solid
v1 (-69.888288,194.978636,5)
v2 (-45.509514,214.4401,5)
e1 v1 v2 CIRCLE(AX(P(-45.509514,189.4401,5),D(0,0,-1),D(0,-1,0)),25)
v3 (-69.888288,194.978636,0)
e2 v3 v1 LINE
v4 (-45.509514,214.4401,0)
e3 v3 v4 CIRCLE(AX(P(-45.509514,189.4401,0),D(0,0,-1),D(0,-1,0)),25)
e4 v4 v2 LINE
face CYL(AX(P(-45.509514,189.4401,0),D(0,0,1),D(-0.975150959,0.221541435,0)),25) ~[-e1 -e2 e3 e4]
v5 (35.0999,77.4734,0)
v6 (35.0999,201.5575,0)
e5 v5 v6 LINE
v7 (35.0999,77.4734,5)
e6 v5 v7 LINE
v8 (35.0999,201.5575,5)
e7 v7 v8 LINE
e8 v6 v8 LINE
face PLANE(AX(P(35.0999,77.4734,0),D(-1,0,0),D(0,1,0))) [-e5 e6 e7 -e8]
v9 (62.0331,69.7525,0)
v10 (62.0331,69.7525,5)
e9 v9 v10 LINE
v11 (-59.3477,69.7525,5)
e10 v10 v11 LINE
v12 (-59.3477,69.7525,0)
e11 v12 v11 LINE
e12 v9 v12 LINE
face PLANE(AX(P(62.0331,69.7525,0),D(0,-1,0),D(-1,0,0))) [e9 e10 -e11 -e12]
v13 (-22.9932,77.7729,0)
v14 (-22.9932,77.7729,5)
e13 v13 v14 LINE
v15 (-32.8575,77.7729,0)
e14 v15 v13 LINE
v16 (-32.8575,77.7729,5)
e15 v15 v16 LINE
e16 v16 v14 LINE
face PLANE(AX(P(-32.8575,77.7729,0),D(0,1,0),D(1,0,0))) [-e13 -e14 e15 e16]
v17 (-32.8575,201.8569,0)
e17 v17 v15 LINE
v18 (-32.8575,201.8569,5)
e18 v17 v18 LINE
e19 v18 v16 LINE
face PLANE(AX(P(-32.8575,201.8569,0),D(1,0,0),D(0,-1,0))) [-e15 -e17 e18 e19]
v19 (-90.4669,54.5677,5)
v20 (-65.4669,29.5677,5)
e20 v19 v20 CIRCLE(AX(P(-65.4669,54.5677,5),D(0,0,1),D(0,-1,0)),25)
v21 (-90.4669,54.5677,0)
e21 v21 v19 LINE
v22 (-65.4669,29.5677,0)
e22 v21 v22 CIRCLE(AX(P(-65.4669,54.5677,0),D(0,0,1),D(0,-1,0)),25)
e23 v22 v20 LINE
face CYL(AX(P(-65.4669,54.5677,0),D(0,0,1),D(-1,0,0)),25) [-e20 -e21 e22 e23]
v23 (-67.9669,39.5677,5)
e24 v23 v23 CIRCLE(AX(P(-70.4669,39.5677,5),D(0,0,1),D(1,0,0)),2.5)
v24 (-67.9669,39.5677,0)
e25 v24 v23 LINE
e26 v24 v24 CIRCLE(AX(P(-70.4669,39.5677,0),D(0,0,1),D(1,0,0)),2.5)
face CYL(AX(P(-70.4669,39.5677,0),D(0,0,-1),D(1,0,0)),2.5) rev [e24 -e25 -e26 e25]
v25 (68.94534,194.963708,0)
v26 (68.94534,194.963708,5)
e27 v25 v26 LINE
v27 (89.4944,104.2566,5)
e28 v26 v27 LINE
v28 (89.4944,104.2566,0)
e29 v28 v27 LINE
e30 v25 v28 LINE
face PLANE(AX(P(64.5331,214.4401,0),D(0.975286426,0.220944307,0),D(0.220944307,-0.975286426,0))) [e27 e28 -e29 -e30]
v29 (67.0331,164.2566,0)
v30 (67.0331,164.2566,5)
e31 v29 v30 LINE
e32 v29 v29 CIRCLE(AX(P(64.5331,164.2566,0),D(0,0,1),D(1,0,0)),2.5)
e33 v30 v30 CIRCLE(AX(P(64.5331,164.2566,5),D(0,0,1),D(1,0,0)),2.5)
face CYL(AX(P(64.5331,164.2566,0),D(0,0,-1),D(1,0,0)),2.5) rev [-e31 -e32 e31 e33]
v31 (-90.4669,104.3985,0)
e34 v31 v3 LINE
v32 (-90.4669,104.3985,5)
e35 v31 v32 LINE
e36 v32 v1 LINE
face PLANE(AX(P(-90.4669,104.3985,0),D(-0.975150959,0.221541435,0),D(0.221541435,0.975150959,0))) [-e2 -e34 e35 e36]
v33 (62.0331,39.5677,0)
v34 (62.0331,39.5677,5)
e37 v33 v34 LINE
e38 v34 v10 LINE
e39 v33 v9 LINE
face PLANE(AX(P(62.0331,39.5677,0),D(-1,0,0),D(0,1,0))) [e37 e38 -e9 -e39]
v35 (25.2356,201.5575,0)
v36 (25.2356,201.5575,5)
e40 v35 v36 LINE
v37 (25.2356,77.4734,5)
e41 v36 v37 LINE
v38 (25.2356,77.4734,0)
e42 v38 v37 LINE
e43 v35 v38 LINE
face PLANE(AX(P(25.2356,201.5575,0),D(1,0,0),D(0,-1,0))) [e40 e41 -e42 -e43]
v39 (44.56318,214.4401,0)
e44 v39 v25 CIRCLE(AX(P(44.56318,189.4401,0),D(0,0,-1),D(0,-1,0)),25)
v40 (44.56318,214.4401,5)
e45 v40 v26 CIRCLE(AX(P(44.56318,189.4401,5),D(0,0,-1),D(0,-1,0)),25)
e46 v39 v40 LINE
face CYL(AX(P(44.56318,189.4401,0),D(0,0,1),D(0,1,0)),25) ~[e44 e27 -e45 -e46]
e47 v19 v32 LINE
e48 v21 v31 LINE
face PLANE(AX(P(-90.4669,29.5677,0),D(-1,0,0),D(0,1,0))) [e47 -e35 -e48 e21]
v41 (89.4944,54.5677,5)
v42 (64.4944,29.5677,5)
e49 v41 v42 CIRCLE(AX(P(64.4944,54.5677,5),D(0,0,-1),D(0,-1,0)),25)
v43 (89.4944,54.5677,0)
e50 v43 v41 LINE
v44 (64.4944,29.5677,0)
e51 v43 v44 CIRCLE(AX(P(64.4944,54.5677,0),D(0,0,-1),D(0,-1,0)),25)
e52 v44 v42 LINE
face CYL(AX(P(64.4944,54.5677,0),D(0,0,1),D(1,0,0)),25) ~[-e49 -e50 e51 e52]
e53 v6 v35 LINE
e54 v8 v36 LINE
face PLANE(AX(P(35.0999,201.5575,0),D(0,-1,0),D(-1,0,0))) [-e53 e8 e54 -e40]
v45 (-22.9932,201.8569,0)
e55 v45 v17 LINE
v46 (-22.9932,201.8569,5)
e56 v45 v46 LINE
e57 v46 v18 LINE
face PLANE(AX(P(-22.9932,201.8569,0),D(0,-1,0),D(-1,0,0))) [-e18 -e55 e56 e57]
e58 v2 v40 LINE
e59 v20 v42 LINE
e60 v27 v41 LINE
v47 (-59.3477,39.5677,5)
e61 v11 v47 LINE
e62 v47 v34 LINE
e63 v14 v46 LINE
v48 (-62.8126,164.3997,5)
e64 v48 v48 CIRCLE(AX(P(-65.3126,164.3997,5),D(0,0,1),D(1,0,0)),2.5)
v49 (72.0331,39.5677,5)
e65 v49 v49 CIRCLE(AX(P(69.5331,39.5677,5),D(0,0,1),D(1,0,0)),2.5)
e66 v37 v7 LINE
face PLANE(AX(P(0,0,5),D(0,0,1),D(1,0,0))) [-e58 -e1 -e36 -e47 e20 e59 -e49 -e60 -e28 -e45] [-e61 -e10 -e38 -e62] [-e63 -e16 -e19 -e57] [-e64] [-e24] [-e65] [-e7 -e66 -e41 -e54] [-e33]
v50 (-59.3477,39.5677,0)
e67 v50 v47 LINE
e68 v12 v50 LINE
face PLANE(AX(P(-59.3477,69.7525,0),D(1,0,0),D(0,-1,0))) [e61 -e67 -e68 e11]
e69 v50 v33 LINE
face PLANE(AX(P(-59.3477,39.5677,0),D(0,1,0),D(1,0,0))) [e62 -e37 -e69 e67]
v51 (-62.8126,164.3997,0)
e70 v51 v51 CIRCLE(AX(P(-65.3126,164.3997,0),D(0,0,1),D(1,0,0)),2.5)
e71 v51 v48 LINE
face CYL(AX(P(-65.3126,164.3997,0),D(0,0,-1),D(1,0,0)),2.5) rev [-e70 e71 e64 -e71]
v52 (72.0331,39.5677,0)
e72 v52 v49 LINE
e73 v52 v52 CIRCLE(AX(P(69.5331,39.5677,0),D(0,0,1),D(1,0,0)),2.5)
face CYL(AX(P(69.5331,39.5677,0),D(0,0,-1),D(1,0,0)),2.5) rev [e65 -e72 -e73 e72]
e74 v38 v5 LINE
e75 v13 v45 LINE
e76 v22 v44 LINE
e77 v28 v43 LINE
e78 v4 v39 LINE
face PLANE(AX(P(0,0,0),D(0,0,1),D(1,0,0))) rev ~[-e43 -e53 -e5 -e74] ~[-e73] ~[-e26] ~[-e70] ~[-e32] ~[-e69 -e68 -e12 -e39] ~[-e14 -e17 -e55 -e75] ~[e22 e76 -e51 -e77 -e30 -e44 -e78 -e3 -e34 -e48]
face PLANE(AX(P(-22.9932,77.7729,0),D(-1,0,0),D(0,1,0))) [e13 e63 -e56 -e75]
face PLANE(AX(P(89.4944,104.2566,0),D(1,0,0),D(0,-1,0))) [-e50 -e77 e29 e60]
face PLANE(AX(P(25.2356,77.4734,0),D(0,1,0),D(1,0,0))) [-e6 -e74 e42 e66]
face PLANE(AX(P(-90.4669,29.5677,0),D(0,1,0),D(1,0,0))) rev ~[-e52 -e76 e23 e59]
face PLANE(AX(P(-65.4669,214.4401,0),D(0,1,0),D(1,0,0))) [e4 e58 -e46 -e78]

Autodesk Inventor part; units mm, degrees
ref_plane "YZ Plane" through (0, 0, 0) normal (1, 0, 0) x (0, 1, 0)
ref_plane "XZ Plane" through (0, 0, 0) normal (0, 1, 0) x (-1, 0, 0)
ref_plane "XY Plane" through (0, 0, 0) normal (0, 0, 1) x (1, 0, 0)
sketch "Sketch1" plane through (0, 0, 0) normal (0, 0, 1) x (1, 0, 0)
  line L0 (-90.4669, 29.5677) -> (-90.4669, 104.3985)
  circle A0 centre (-65.3126, 164.3997) radius 2.5
  circle A1 centre (64.5331, 164.2566) radius 2.5
  circle A2 centre (69.5331, 39.5677) radius 2.5
  circle A3 centre (-70.4669, 39.5677) radius 2.5
  line L1 (-59.3477, 39.5677) -> (62.0331, 39.5677)
  line L2 (62.0331, 39.5677) -> (62.0331, 69.7525)
  line L3 (62.0331, 69.7525) -> (-59.3477, 69.7525)
  line L4 (-59.3477, 69.7525) -> (-59.3477, 39.5677)
  line L5 (25.2356, 77.4734) -> (35.0999, 77.4734)
  line L6 (35.0999, 77.4734) -> (35.0999, 201.5575)
  line L7 (35.0999, 201.5575) -> (25.2356, 201.5575)
  line L8 (25.2356, 201.5575) -> (25.2356, 77.4734)
  line L9 (-32.8575, 77.7729) -> (-22.9932, 77.7729)
  line L10 (-22.9932, 77.7729) -> (-22.9932, 201.8569)
  line L11 (-22.9932, 201.8569) -> (-32.8575, 201.8569)
  line L12 (-32.8575, 201.8569) -> (-32.8575, 77.7729)
  line L13 (-90.4669, 29.5677) -> (89.4944, 29.5677)
  line L14 (-65.4669, 214.4401) -> (64.5331, 214.4401)
  line L15 (-90.4669, 104.3985) -> (-65.4669, 214.4401)
  line L16 (64.5331, 214.4401) -> (89.4944, 104.2566)
  line L17 (89.4944, 104.2566) -> (89.4944, 29.5677)
extrude "Extrusion1" add sketch "Sketch1" along normal blind 5
fillet "Fillet1" radius 25 4 edges at (64.5331, 214.4401, 2.5) (-65.4669, 214.4401, 2.5) (-90.4669, 29.5677, 2.5) (89.4944, 29.5677, 2.5)
properties part number "tapa"
